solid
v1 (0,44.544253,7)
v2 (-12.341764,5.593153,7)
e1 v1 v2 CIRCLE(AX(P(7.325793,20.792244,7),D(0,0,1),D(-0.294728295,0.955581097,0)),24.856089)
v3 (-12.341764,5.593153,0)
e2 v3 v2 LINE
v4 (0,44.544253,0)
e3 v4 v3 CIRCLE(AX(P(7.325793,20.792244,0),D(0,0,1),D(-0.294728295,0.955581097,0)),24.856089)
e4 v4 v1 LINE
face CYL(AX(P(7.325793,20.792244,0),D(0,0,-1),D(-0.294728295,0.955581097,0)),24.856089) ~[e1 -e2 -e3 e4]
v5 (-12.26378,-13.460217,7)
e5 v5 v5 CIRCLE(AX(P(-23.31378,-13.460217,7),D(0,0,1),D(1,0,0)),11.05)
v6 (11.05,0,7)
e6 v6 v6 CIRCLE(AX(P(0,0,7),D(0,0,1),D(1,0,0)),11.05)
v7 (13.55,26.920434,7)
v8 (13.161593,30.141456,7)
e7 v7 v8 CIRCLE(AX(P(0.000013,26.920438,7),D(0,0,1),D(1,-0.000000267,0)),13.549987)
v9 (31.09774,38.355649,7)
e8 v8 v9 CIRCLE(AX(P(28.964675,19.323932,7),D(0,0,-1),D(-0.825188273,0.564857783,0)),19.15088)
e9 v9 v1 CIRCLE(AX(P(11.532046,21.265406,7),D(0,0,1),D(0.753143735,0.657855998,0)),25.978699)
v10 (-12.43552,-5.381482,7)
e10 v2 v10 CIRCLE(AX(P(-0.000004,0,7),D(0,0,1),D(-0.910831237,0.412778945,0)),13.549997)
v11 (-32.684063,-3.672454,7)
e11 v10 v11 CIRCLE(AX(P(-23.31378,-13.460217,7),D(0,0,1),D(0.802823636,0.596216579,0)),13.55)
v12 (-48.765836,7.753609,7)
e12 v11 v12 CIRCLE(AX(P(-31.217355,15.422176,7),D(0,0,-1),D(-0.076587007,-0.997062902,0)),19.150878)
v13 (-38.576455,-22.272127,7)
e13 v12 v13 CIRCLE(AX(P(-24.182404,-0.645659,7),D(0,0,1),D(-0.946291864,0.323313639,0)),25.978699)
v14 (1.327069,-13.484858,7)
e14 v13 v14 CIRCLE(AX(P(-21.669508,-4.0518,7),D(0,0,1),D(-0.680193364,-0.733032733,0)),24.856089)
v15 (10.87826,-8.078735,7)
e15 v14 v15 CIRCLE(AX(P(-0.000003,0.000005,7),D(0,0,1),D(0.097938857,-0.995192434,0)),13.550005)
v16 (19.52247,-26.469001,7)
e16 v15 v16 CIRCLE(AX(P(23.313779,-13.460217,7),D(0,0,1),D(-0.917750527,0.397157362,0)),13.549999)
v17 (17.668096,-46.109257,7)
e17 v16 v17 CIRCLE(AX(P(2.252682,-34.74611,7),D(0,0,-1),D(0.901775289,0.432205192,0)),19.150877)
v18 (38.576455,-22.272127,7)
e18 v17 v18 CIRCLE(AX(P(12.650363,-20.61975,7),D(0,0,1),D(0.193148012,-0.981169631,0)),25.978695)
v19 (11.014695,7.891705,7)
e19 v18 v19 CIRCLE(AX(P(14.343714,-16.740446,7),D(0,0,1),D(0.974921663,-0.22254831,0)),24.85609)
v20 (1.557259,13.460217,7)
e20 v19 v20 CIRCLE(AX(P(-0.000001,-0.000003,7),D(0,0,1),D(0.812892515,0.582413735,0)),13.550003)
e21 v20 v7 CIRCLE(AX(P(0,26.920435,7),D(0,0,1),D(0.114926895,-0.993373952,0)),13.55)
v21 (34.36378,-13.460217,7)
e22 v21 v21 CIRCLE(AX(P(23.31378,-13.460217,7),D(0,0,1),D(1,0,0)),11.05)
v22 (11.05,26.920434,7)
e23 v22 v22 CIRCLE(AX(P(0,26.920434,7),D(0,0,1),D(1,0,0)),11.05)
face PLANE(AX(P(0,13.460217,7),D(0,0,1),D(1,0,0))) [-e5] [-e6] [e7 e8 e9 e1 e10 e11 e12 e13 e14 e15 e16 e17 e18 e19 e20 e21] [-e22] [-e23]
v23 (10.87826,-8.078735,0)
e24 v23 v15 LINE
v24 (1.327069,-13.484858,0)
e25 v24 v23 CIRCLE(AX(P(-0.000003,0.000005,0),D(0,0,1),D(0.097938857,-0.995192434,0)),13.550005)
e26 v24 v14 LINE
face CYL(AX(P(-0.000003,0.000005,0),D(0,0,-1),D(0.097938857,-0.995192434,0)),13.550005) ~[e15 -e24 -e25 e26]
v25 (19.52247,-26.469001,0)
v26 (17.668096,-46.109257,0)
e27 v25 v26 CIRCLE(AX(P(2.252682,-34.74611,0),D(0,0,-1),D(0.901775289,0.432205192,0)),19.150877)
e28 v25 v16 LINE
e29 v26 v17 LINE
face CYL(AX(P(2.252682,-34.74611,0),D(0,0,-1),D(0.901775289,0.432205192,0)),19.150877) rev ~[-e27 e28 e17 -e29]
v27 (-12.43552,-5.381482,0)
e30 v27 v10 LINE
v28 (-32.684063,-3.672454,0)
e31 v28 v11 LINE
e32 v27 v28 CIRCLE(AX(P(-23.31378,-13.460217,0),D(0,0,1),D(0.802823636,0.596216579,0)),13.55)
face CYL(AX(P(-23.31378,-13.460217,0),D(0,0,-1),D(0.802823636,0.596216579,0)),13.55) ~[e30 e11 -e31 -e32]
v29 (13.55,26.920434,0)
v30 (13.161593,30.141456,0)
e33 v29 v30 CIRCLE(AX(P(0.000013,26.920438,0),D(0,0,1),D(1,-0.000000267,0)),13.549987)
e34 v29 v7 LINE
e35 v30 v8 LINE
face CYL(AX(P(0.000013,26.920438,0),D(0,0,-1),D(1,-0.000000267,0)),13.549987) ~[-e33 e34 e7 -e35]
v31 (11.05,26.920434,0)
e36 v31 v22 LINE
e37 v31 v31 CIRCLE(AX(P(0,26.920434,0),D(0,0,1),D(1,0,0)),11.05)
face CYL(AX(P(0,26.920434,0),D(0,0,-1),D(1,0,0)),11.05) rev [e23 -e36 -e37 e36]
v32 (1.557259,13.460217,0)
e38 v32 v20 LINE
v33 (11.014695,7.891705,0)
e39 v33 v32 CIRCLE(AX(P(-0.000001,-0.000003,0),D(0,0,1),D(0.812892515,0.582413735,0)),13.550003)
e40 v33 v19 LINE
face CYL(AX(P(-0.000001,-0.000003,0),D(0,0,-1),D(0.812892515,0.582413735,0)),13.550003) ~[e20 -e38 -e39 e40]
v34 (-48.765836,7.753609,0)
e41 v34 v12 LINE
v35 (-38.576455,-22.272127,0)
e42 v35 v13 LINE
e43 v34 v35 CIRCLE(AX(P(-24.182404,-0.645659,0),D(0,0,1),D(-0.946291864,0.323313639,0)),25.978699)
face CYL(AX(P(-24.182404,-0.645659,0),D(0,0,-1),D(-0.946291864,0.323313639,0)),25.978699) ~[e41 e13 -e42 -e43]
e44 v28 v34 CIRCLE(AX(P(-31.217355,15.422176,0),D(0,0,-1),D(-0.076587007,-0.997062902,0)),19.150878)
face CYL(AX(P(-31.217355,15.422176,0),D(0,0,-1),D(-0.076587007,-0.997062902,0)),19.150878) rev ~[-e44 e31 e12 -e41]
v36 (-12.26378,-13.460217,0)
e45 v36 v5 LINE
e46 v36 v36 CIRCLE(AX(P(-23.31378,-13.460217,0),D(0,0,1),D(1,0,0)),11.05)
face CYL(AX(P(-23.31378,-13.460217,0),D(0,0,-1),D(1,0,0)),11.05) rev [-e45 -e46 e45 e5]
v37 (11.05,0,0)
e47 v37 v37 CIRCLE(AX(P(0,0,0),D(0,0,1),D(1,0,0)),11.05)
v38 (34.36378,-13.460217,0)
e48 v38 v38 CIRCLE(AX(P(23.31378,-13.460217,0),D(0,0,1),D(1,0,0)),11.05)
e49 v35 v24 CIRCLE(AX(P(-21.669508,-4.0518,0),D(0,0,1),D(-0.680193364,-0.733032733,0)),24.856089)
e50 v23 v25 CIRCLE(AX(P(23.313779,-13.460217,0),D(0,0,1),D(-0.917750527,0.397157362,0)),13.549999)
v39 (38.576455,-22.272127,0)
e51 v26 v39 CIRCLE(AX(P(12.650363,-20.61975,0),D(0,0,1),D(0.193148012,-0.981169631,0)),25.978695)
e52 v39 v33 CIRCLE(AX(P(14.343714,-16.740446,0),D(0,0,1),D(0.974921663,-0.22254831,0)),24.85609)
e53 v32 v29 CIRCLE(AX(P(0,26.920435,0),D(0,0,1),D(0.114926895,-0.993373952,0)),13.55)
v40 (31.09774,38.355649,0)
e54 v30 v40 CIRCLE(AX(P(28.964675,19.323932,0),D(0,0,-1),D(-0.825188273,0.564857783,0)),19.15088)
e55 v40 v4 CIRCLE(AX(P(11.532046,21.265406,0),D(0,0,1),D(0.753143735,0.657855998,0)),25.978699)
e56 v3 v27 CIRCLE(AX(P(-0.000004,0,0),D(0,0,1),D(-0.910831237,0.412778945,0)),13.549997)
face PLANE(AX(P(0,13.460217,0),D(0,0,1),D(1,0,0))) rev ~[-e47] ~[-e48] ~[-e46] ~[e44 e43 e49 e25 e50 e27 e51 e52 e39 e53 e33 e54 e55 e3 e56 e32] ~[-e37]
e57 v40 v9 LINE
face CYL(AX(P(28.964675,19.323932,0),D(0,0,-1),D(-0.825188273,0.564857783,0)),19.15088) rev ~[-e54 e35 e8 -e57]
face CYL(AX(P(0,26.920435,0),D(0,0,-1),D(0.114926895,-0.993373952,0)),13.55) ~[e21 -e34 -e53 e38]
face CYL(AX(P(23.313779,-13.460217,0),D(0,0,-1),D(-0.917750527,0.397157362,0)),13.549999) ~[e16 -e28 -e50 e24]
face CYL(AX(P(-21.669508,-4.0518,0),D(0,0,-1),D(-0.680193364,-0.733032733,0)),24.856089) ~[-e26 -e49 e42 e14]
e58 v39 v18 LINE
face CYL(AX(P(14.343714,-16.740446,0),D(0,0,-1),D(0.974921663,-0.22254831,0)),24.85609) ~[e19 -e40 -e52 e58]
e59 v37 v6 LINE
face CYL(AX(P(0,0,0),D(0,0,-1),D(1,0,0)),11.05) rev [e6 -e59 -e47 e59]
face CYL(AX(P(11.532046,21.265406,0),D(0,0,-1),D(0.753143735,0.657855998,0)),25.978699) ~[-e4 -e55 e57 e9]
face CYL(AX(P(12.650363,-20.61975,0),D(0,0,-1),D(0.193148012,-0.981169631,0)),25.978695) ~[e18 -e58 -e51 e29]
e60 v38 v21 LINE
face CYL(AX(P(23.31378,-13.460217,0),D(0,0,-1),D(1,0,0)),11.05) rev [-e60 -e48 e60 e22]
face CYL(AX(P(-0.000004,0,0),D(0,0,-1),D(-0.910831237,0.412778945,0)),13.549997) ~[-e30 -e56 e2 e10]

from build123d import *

# Parameters (mm, degrees)
F0_R     = 11.05
F1_DEPTH = 7


with BuildPart() as f1:
    # F0 (on Top) → F1 (new body)
    with BuildSketch(Plane.XY):
        with BuildLine():
            ThreePointArc((-1.557259, 13.460217), (0, 13.370434), (1.557259, 13.460217))
            ThreePointArc((1.557259, 13.460217), (0, 13.55), (-1.557259, 13.460217))
        make_face()
        with BuildLine():
            ThreePointArc((-12.43552, -5.381482), (-11.734644, -6.775), (-10.87826, -8.078735))
            ThreePointArc((-10.87826, -8.078735), (-11.579136, -6.685217), (-12.43552, -5.381482))
        make_face()
        with BuildLine():
            ThreePointArc((10.87826, -8.078735), (11.734644, -6.775), (12.43552, -5.381482))
            ThreePointArc((12.43552, -5.381482), (11.579136, -6.685217), (10.87826, -8.078735))
        make_face()
        with BuildLine():
            ThreePointArc((-1.557259, 13.460217), (0, 13.55), (1.557259, 13.460217))
            ThreePointArc((1.557259, 13.460217), (10.116901, 17.906511), (13.55, 26.920434))
            ThreePointArc((13.55, 26.920434), (13.452548, 28.542612), (13.161593, 30.141456))
            ThreePointArc((13.161593, 30.141456), (-10.160269, 35.885446), (-1.557259, 13.460217))
        make_face()
        with Locations((0, 26.920434)):
            Circle(F0_R, mode=Mode.SUBTRACT)
        with BuildLine():
            ThreePointArc((-9.76378, -13.460217), (-10.045325, -10.712381), (-10.87826, -8.078735))
            ThreePointArc((-10.87826, -8.078735), (-11.734644, -6.775), (-12.43552, -5.381482))
            ThreePointArc((-12.43552, -5.381482), (-22.174178, 0.041776), (-32.684063, -3.672454))
            ThreePointArc((-32.684063, -3.672454), (-28.635207, -25.921554), (-9.76378, -13.460217))
        make_face()
        with Locations((-23.31378, -13.460217)):
            Circle(F0_R, mode=Mode.SUBTRACT)
        with BuildLine():
            ThreePointArc((36.86378, -13.460217), (27.568311, -0.59548), (12.43552, -5.381482))
            ThreePointArc((12.43552, -5.381482), (11.734644, -6.775), (10.87826, -8.078735))
            ThreePointArc((10.87826, -8.078735), (11.05091, -19.224289), (19.52247, -26.469001))
            ThreePointArc((19.52247, -26.469001), (31.444901, -24.299376), (36.86378, -13.460217))
        make_face()
        with Locations((23.31378, -13.460217)):
            Circle(F0_R, mode=Mode.SUBTRACT)
        with BuildLine():
            ThreePointArc((12.43552, -5.381482), (13.268455, -2.747836), (13.55, 0))
            ThreePointArc((13.55, 0), (12.900613, 4.144478), (11.014695, 7.891705))
            ThreePointArc((11.014695, 7.891705), (6.874997, 11.67634), (1.557259, 13.460217))
            ThreePointArc((1.557259, 13.460217), (0, 13.370434), (-1.557259, 13.460217))
            ThreePointArc((-1.557259, 13.460217), (-7.985511, 10.946877), (-12.341764, 5.593153))
            ThreePointArc((-12.341764, 5.593153), (-13.549506, 0.115753), (-12.43552, -5.381482))
            ThreePointArc((-12.43552, -5.381482), (-11.579136, -6.685217), (-10.87826, -8.078735))
            ThreePointArc((-10.87826, -8.078735), (-5.487518, -12.389094), (1.327069, -13.484858))
            ThreePointArc((1.327069, -13.484858), (6.674508, -11.792092), (10.87826, -8.078735))
            ThreePointArc((10.87826, -8.078735), (11.579136, -6.685217), (12.43552, -5.381482))
        make_face()
        Circle(F0_R, mode=Mode.SUBTRACT)
        with BuildLine():
            ThreePointArc((-38.576455, -22.272127), (-16.323956, -28.326277), (1.327069, -13.484858))
            ThreePointArc((1.327069, -13.484858), (-5.487518, -12.389094), (-10.87826, -8.078735))
            ThreePointArc((-10.87826, -8.078735), (-10.045325, -10.712381), (-9.76378, -13.460217))
            ThreePointArc((-9.76378, -13.460217), (-28.635207, -25.921554), (-32.684063, -3.672454))
            ThreePointArc((-32.684063, -3.672454), (-42.309382, -0.189456), (-48.765836, 7.753609))
            ThreePointArc((-48.765836, 7.753609), (-48.783161, -8.994047), (-38.576455, -22.272127))
        make_face()
        with BuildLine():
            ThreePointArc((-12.341764, 5.593153), (-7.985511, 10.946877), (-1.557259, 13.460217))
            ThreePointArc((-1.557259, 13.460217), (-10.160269, 35.885446), (13.161593, 30.141456))
            ThreePointArc((13.161593, 30.141456), (20.990618, 36.735728), (31.09774, 38.355649))
            ThreePointArc((31.09774, 38.355649), (16.602508, 46.74448), (0, 44.544253))
            ThreePointArc((0, 44.544253), (-16.369297, 28.300099), (-12.341764, 5.593153))
        make_face()
        with BuildLine():
            ThreePointArc((11.014695, 7.891705), (12.900613, 4.144478), (13.55, 0))
            ThreePointArc((13.55, 0), (13.268455, -2.747836), (12.43552, -5.381482))
            ThreePointArc((12.43552, -5.381482), (27.568311, -0.59548), (36.86378, -13.460217))
            ThreePointArc((36.86378, -13.460217), (31.444901, -24.299376), (19.52247, -26.469001))
            ThreePointArc((19.52247, -26.469001), (21.318765, -36.546272), (17.668096, -46.109257))
            ThreePointArc((17.668096, -46.109257), (32.180654, -37.750434), (38.576455, -22.272127))
            ThreePointArc((38.576455, -22.272127), (32.693253, 0.026177), (11.014695, 7.891705))
        make_face()
    extrude(amount=F1_DEPTH)


solid = f1.part
